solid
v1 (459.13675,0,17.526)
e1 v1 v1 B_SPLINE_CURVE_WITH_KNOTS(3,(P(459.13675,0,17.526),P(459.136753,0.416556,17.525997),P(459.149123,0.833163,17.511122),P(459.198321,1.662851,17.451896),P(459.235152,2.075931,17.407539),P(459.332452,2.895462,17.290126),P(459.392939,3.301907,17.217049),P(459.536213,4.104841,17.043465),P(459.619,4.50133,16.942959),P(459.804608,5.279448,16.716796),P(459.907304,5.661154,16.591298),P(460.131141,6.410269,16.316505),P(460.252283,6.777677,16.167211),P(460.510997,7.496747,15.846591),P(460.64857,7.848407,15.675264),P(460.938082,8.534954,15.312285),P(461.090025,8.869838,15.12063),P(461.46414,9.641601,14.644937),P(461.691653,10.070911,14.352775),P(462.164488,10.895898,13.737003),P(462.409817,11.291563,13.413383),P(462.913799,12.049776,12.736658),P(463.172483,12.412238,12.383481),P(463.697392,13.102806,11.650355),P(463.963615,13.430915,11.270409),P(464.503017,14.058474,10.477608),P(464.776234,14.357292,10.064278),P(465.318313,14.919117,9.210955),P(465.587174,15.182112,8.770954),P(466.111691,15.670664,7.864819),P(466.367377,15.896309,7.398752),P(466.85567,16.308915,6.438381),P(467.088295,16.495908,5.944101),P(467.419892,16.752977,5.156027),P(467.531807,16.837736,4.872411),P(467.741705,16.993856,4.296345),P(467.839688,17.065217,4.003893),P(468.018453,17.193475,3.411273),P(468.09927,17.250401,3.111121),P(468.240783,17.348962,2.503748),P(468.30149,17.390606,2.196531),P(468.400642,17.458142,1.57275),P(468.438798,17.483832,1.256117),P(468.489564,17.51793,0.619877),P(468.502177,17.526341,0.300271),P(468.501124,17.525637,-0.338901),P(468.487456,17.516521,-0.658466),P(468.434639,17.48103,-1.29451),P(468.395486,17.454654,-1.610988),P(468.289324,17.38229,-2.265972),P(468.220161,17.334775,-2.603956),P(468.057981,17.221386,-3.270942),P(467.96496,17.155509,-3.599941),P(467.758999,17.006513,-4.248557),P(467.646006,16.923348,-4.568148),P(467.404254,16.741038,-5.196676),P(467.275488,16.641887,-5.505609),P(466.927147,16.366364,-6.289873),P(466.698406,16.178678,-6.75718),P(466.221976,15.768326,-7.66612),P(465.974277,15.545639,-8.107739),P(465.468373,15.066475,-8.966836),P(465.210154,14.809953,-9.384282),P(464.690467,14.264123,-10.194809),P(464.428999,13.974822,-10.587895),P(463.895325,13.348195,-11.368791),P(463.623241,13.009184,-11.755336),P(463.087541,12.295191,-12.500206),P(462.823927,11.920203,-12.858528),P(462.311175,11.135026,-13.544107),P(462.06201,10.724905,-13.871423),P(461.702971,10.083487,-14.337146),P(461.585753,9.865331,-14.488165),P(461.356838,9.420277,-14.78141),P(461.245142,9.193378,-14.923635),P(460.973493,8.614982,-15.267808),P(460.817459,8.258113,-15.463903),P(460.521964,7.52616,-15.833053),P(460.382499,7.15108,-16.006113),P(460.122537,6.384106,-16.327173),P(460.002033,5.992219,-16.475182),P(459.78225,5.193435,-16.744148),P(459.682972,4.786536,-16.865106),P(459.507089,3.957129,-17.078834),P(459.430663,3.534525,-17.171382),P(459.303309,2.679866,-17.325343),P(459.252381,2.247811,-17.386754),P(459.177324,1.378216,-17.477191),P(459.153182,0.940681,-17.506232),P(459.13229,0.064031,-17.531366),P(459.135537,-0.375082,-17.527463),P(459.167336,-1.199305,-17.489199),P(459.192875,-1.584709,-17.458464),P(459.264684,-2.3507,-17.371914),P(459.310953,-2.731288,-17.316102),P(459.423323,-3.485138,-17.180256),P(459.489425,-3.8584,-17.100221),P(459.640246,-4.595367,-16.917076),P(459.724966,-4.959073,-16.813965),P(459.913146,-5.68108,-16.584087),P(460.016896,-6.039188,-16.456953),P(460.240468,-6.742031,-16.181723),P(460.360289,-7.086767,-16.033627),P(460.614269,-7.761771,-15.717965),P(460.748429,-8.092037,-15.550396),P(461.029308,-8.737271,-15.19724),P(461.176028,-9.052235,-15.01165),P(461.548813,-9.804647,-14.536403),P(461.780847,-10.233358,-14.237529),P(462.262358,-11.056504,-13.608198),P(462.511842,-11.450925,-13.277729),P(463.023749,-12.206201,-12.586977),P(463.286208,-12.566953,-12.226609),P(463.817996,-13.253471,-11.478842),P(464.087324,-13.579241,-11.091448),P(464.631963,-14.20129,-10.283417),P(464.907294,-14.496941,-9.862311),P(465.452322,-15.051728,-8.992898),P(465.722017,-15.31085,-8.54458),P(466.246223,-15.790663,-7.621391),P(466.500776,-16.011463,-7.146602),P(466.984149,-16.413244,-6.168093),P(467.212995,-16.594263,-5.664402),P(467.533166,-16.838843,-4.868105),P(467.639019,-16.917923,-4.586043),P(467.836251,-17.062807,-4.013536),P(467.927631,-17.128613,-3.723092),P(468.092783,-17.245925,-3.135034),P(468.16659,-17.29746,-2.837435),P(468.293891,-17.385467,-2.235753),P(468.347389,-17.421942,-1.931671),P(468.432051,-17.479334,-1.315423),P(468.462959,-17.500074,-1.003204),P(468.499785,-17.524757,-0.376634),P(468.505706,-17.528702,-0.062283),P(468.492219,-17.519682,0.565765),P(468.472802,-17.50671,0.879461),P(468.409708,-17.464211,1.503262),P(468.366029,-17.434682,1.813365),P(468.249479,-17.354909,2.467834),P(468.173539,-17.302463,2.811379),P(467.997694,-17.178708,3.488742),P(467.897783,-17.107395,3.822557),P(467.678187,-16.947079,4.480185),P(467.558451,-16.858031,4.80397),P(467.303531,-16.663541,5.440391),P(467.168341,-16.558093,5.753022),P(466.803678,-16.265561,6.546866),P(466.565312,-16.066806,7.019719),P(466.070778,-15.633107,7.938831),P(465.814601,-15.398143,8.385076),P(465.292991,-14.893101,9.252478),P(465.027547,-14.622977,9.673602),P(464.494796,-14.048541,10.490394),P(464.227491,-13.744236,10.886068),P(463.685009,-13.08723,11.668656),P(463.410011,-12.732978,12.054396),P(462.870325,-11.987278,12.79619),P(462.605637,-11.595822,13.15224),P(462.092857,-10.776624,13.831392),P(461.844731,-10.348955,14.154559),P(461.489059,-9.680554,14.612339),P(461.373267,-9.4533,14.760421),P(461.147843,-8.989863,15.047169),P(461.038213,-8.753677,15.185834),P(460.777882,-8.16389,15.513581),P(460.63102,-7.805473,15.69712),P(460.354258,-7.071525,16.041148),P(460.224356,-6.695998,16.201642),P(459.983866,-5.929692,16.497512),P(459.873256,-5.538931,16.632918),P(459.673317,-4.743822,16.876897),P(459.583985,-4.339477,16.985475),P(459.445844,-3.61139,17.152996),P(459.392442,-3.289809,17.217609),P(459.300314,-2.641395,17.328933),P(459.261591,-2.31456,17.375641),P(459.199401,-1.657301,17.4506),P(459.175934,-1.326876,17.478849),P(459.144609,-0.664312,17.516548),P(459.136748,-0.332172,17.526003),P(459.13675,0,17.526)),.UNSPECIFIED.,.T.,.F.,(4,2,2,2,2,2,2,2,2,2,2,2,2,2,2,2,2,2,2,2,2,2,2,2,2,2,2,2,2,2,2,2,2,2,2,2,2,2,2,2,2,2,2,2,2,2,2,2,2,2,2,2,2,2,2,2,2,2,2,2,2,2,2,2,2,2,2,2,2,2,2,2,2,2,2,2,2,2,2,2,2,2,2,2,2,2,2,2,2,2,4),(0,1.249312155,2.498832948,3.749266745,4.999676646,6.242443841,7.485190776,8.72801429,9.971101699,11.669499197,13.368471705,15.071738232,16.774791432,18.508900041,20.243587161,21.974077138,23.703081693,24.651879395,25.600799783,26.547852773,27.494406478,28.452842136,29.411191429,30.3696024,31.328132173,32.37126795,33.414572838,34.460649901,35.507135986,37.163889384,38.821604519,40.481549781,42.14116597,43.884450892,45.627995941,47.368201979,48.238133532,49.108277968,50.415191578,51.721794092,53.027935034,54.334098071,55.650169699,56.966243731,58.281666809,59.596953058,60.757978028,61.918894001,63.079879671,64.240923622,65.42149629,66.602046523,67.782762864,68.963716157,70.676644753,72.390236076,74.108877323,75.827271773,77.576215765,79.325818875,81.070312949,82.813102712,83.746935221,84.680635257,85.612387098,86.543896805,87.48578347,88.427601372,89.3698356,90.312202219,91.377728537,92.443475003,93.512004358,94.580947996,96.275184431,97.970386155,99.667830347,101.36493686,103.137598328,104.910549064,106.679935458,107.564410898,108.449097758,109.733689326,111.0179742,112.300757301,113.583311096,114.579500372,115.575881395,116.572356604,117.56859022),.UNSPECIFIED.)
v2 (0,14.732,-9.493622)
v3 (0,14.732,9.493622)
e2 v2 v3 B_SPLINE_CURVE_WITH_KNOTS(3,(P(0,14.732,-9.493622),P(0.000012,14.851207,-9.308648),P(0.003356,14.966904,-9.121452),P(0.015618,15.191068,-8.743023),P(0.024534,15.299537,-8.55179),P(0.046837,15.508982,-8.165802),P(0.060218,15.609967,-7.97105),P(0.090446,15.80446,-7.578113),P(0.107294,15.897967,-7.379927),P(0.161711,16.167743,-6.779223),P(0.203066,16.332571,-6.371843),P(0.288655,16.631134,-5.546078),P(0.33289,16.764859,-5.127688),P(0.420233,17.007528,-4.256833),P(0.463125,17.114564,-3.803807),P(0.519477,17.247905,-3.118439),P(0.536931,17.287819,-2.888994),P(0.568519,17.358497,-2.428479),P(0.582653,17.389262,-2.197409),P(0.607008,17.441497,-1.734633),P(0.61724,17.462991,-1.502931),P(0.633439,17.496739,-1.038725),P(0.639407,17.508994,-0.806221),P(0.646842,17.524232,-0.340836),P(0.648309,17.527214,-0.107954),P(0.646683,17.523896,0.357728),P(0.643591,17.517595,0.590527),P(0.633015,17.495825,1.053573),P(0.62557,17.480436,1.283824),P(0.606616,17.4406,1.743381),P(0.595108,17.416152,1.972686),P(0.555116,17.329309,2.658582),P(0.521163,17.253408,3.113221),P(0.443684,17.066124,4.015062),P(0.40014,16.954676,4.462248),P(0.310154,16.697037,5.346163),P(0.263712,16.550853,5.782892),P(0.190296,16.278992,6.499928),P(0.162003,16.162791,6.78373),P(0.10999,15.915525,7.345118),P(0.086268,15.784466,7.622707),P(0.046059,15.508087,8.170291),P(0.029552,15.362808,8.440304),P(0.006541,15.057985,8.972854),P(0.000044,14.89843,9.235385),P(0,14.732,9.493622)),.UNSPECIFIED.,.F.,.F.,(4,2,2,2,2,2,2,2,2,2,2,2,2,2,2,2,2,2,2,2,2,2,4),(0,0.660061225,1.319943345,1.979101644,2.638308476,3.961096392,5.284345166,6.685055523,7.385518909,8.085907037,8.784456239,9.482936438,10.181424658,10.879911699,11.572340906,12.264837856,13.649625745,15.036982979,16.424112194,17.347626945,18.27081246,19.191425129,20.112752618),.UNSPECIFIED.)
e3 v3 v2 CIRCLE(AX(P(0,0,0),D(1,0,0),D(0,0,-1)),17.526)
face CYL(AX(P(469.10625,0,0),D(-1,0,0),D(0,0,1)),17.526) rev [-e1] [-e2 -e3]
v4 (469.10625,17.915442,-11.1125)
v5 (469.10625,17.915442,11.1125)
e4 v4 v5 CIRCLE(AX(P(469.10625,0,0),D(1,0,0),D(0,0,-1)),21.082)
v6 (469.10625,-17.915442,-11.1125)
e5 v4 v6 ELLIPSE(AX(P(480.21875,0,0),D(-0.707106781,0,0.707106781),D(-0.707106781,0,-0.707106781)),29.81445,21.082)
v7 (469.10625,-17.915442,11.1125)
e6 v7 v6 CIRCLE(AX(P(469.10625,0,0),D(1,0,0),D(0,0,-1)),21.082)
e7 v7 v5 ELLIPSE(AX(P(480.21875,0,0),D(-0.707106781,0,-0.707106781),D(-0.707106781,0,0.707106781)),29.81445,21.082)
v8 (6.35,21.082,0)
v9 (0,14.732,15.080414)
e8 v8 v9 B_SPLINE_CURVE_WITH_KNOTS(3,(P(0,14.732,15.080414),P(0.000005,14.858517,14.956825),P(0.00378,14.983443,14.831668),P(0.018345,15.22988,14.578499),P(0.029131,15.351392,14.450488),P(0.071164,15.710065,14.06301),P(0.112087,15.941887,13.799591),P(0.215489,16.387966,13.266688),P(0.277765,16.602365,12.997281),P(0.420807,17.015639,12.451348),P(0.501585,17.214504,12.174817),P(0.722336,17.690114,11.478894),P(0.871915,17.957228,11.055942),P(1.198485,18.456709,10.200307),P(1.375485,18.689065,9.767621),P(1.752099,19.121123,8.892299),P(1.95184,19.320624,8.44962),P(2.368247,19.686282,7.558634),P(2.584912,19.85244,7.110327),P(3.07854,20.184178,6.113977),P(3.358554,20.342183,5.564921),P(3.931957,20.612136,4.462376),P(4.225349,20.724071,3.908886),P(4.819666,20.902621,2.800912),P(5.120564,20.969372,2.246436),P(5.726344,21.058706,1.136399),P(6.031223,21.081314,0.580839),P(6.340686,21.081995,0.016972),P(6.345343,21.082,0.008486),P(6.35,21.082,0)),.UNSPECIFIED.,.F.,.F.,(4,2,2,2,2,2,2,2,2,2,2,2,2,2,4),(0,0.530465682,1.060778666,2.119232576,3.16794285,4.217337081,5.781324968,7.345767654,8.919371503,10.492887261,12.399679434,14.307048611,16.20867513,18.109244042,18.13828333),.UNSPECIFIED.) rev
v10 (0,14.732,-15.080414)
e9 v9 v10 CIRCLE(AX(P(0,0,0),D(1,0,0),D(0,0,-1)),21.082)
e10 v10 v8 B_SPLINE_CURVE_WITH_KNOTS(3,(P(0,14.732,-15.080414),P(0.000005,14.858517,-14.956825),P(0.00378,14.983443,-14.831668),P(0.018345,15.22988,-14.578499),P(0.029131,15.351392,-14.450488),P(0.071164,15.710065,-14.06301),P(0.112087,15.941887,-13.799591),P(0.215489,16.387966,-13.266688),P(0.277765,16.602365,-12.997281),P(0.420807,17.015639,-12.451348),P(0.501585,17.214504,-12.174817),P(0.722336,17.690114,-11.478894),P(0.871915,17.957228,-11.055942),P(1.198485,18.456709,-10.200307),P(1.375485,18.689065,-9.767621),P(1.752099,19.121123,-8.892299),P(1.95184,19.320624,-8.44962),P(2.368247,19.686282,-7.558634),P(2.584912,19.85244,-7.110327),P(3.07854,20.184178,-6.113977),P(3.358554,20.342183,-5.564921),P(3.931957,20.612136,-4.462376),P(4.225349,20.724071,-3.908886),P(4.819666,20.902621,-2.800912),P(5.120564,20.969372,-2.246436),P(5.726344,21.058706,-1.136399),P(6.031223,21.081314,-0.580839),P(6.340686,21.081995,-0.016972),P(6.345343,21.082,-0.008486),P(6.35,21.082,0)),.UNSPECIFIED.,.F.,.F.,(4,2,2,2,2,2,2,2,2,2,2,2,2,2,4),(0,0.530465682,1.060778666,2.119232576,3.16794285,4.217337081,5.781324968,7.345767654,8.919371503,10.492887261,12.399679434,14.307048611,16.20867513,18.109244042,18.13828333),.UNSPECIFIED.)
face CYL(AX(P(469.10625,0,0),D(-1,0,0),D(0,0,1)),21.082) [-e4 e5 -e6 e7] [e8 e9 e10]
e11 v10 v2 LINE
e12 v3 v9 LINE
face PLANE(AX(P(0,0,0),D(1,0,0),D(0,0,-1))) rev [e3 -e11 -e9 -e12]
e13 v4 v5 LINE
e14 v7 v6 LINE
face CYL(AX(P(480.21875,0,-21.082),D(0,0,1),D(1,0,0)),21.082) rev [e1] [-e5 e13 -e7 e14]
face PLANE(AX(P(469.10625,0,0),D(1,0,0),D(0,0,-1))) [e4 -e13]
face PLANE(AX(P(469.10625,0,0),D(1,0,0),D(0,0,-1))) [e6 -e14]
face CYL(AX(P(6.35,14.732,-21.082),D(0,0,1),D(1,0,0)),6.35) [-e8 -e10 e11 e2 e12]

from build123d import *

# Parameters (mm, degrees)
SKETCH1_R               = 21.082
SKETCH1_R_2             = 17.526
BOSS_EXTRUDE1_DEPTH     = 469.10625
CUT_EXTRUDE1_DEPTH      = 22.082
CUT_EXTRUDE1_DEPTH_BACK = 22.082
SKETCH3_R               = 21.082
CUT_EXTRUDE2_DEPTH      = 22.0820001
CUT_EXTRUDE2_DEPTH_BACK = 22.0820001


with BuildPart() as part:
    # Sketch1 → Boss-Extrude1 (new body)
    with BuildSketch(Plane(origin=(0, 0, 0), x_dir=(0, 0, -1), z_dir=(1, 0, 0))):
        Circle(SKETCH1_R)
        Circle(SKETCH1_R_2, mode=Mode.SUBTRACT)
    extrude(amount=BOSS_EXTRUDE1_DEPTH)

    # Sketch2 → Cut-Extrude1 (cut, two sides)
    with BuildSketch(Plane.XY) as cut_extrude1_sk:
        with BuildLine():
            Line((0, 21.082), (0, 14.732))
            ThreePointArc((0, 14.732), (1.859871939, 19.222128061), (6.35, 21.082))
            Line((6.35, 21.082), (0, 21.082))
        make_face()
    extrude(amount=CUT_EXTRUDE1_DEPTH, mode=Mode.SUBTRACT)
    extrude(cut_extrude1_sk.sketch, amount=-CUT_EXTRUDE1_DEPTH_BACK, mode=Mode.SUBTRACT)

    # Sketch3 → Cut-Extrude2 (cut, two sides)
    with BuildSketch(Plane.XY) as cut_extrude2_sk:
        with Locations((480.21875, 0)):
            Circle(SKETCH3_R)
    extrude(amount=CUT_EXTRUDE2_DEPTH, mode=Mode.SUBTRACT)
    extrude(cut_extrude2_sk.sketch, amount=-CUT_EXTRUDE2_DEPTH_BACK, mode=Mode.SUBTRACT)


solid = part.part
